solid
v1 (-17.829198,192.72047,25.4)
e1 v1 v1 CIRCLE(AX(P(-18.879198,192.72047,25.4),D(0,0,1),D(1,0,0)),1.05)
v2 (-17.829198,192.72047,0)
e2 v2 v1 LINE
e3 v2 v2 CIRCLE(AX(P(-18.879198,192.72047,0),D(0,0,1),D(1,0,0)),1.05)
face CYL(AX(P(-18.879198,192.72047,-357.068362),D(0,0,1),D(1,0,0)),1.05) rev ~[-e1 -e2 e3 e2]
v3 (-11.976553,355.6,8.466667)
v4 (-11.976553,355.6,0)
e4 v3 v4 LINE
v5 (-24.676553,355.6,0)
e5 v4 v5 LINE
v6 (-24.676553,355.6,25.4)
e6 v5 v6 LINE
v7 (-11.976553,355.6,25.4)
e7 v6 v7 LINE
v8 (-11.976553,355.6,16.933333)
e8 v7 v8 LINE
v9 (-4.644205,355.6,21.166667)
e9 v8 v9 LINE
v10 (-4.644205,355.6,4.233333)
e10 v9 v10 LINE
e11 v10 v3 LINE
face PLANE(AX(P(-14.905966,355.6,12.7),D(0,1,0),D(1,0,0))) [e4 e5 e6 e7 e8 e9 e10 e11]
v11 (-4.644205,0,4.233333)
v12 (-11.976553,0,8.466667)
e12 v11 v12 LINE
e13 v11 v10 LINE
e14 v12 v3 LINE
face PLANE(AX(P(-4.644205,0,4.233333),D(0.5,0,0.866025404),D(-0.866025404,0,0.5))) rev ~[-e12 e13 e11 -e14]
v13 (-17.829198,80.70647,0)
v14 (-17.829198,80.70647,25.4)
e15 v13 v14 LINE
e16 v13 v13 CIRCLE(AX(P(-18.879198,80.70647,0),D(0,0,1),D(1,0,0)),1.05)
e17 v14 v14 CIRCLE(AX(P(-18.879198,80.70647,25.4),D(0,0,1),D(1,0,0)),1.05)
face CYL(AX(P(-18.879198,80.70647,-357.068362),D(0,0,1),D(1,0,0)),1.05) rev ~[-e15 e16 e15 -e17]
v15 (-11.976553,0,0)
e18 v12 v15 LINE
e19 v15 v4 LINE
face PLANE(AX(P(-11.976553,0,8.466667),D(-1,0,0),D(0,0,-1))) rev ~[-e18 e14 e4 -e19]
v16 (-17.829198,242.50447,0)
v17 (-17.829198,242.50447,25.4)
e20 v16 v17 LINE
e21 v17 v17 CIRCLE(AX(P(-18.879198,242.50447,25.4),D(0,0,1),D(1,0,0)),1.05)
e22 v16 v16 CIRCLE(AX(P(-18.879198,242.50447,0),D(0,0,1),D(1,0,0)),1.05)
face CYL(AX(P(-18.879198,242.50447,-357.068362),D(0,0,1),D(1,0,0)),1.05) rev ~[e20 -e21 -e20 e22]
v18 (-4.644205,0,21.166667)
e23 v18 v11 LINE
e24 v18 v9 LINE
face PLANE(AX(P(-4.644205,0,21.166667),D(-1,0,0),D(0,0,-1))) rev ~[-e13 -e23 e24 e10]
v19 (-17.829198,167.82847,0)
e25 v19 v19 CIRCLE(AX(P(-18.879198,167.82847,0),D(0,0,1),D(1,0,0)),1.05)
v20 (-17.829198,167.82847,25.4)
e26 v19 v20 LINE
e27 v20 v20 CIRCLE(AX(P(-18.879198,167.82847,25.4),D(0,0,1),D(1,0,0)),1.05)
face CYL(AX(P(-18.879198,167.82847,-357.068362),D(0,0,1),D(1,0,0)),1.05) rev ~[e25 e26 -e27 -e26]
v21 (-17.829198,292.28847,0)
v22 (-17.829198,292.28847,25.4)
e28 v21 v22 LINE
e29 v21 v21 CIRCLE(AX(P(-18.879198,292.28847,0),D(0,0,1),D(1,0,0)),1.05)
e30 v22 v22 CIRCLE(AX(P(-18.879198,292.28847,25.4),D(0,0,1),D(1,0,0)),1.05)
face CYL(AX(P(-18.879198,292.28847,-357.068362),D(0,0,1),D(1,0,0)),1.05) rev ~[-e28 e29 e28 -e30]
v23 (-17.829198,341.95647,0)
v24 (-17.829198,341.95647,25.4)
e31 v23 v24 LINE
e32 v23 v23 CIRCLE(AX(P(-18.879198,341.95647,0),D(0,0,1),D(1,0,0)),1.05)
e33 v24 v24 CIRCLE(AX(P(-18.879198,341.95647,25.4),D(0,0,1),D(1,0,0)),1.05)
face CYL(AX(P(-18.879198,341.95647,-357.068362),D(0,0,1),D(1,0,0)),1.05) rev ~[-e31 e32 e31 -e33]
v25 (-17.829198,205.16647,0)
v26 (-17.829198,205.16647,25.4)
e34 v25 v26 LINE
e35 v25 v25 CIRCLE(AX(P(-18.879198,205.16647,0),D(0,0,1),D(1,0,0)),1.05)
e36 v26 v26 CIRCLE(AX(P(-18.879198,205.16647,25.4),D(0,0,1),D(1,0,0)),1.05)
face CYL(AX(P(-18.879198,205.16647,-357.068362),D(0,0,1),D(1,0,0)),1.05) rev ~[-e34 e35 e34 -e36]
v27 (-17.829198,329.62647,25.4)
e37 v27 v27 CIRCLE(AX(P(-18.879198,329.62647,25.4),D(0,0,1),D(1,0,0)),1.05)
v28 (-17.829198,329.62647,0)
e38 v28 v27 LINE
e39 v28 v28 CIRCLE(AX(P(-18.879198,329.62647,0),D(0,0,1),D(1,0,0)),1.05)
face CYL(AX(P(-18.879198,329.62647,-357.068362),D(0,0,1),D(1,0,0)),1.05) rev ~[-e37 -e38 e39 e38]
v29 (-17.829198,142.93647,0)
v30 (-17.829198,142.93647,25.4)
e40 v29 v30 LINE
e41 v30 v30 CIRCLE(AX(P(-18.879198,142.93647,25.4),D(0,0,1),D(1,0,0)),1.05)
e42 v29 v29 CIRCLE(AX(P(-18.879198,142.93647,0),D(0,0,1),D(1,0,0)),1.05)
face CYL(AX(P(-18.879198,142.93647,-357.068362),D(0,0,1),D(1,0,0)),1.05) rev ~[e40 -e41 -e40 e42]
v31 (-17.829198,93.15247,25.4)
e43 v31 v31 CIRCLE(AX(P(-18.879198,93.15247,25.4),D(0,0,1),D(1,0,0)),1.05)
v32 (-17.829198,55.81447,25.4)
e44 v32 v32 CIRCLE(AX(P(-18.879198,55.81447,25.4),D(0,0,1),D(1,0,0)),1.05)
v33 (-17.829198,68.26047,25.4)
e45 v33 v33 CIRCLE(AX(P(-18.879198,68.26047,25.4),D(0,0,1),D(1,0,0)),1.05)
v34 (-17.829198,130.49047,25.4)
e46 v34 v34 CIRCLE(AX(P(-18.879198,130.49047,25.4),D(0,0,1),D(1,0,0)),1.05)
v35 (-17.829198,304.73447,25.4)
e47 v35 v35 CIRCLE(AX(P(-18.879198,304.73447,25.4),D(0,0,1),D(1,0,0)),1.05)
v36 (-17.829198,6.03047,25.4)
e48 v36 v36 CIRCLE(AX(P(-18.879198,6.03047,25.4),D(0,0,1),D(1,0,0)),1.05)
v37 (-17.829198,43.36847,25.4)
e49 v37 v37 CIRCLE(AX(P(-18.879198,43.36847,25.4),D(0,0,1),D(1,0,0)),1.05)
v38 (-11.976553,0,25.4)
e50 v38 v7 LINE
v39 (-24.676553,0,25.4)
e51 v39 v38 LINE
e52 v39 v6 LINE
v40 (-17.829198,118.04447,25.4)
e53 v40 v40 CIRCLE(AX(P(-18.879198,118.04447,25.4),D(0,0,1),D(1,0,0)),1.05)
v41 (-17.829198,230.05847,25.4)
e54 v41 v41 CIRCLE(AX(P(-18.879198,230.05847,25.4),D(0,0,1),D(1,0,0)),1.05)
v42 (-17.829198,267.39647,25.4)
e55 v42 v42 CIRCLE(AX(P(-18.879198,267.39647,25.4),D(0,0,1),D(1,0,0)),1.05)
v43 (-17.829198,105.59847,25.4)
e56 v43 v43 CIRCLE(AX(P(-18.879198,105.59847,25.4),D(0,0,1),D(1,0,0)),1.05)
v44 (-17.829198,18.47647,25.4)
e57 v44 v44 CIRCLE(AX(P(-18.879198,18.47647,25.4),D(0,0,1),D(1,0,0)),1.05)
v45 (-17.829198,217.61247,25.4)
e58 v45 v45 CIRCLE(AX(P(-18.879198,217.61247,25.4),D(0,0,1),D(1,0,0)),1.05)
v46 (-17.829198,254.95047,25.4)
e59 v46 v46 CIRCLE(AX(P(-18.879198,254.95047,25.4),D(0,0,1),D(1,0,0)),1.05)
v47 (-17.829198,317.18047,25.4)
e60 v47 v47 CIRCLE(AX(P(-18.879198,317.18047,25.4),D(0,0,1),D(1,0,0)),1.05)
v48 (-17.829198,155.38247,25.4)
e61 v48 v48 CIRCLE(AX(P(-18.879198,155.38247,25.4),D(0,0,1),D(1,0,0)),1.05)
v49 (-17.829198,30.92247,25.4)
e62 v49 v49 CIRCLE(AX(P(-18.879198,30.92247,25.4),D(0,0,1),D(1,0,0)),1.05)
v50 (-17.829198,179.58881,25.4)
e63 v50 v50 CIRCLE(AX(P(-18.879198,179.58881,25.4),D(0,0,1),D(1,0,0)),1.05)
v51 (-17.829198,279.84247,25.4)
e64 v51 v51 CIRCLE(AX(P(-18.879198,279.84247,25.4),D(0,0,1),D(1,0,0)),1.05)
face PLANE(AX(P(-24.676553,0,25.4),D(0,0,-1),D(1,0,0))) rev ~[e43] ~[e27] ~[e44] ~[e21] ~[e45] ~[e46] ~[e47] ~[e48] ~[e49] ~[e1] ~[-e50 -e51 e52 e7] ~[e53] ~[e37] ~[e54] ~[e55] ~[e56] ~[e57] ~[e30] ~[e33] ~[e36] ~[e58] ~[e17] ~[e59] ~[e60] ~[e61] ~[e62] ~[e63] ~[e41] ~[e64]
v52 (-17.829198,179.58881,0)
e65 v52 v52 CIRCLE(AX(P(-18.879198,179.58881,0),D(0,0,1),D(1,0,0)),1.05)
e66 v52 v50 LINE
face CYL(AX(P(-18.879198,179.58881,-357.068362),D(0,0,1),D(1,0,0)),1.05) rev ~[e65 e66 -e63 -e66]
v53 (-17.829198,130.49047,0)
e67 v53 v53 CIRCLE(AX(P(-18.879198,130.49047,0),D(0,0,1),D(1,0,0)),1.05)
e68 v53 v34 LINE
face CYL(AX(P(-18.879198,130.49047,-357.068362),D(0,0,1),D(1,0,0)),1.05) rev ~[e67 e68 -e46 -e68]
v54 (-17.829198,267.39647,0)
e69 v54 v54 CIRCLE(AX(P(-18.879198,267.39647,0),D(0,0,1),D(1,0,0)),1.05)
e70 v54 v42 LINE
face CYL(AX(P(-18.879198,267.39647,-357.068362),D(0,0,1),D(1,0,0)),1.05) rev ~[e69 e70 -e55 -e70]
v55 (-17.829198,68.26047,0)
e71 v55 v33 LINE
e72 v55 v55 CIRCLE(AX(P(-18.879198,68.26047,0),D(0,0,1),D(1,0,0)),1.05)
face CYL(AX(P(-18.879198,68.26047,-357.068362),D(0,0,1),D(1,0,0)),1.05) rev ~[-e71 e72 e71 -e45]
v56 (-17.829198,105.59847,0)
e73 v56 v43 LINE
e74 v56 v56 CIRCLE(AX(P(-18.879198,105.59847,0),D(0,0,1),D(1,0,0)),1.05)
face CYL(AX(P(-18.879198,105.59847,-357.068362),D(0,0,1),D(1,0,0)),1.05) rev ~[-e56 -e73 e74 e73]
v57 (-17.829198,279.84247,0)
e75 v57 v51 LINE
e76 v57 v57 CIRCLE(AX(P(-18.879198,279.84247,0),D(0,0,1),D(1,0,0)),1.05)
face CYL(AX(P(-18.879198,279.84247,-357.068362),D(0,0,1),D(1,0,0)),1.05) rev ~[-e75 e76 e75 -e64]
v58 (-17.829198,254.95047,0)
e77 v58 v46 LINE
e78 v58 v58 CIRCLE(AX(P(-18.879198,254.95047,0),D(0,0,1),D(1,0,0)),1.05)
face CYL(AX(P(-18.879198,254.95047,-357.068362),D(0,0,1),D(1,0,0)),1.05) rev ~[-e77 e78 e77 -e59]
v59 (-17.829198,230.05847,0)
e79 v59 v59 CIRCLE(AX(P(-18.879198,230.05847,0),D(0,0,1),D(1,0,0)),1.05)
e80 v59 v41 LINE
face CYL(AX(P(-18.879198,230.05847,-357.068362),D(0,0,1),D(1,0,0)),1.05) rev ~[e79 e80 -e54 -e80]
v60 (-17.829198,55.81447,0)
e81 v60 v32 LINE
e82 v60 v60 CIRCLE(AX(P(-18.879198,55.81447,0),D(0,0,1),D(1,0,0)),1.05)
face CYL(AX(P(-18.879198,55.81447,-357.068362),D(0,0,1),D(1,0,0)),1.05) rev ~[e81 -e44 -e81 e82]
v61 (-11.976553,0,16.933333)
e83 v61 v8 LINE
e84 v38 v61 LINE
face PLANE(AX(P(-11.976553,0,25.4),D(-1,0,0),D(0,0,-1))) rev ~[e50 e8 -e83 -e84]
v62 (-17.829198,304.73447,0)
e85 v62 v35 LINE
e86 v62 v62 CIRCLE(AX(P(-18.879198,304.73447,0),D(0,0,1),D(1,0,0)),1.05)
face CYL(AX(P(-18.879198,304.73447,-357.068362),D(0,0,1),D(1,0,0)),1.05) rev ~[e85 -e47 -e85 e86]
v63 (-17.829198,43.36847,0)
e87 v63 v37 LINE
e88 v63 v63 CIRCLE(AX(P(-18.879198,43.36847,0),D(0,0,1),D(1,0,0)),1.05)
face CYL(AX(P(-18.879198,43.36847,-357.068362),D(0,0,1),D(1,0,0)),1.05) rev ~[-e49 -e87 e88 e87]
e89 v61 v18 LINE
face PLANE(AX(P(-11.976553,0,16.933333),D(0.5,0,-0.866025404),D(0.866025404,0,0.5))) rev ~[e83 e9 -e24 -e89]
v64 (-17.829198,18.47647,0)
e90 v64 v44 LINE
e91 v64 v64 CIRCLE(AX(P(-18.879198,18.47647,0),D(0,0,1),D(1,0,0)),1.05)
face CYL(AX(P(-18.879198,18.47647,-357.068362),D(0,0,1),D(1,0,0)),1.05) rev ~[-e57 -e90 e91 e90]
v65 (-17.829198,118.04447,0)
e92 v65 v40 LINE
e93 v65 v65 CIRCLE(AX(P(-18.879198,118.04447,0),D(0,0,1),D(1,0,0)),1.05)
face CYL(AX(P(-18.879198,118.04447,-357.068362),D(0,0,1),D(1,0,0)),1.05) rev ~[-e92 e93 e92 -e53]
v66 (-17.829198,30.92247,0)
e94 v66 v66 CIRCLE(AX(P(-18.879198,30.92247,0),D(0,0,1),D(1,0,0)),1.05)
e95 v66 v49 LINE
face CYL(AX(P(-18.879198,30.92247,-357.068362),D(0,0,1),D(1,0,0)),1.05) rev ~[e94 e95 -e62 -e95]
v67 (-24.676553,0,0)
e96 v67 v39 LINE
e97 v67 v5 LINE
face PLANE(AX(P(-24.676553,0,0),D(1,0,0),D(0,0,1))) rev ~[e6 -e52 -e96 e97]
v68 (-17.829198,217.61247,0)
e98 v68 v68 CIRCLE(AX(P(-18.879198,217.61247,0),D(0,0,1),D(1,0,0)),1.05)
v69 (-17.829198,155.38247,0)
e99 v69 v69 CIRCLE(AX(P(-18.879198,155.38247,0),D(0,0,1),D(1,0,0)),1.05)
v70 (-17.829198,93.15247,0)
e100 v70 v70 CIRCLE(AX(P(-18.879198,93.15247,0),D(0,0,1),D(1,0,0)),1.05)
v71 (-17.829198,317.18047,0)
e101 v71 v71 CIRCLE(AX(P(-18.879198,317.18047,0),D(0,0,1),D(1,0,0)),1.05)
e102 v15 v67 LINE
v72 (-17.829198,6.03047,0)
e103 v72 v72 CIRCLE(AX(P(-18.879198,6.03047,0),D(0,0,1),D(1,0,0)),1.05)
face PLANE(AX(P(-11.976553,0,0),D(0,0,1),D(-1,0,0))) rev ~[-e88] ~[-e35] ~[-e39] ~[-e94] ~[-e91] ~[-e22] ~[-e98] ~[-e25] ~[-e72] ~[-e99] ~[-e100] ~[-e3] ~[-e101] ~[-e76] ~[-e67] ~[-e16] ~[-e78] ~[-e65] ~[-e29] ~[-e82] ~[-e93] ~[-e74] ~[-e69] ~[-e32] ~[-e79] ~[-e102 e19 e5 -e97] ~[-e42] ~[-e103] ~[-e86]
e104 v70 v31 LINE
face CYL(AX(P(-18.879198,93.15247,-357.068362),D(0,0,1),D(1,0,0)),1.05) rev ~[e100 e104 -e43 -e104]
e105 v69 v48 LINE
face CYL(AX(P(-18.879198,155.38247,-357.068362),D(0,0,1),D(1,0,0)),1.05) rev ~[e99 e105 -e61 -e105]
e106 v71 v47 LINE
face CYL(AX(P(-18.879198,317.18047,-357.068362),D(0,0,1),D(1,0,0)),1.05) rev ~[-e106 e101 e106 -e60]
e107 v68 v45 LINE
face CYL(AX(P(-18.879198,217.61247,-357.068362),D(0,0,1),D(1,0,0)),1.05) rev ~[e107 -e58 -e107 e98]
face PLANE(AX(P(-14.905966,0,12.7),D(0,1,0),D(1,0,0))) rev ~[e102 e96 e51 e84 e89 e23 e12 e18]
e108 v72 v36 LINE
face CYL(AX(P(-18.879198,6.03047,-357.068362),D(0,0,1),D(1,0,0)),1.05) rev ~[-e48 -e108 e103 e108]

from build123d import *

# Parameters (mm, degrees)
BOSS_EXTRUDE1_DEPTH         = 355.6
F_27_0_144_DIAMETER_HOLE1_D = 2.100000118


with BuildPart() as part:
    # Sketch1 → Boss-Extrude1 (new body)
    with BuildSketch(Plane(origin=(0, 0, 0), x_dir=(1, 0, 0), z_dir=(0, 1, 0))):
        Polygon((-24.676553482, 0), (-24.676553482, -25.4), (-11.976553482, -25.4), (-11.976553482, -16.933333333), (-4.644205064, -21.166666667), (-4.644205064, -4.233333333), (-11.976553482, -8.466666667), (-11.976553482, 0), align=None)
    extrude(amount=BOSS_EXTRUDE1_DEPTH)

    # #27 (0.144) Diameter Hole1 (through all)
    with Locations(Plane(origin=(0, 0, 0), x_dir=(-1, 0, 0), z_dir=(0, 0, -1))):
        with Locations((18.879197864, 341.956469662), (18.879197864, 329.626469662), (18.879197864, 317.180469662), (18.879197864, 304.734469662), (18.879197864, 292.288469662), (18.879197864, 279.842469662), (18.879197864, 267.396469662), (18.879197864, 254.950469662), (18.879197864, 242.504469662), (18.879197864, 230.058469662), (18.879197864, 217.612469662), (18.879197864, 205.166469662), (18.879197864, 192.720469662), (18.879197864, 179.588809686), (18.879197864, 167.828469662), (18.879197864, 155.382469662), (18.879197864, 142.936469662), (18.879197864, 130.490469662), (18.879197864, 118.044469662), (18.879197864, 105.598469662), (18.879197864, 93.152469662), (18.879197864, 80.706469662), (18.879197864, 68.260469662), (18.879197864, 55.814469662), (18.879197864, 43.368469662), (18.879197864, 30.922469662), (18.879197864, 18.476469662), (18.879197864, 6.030469662)):
            Hole(F_27_0_144_DIAMETER_HOLE1_D / 2)


solid = part.part
